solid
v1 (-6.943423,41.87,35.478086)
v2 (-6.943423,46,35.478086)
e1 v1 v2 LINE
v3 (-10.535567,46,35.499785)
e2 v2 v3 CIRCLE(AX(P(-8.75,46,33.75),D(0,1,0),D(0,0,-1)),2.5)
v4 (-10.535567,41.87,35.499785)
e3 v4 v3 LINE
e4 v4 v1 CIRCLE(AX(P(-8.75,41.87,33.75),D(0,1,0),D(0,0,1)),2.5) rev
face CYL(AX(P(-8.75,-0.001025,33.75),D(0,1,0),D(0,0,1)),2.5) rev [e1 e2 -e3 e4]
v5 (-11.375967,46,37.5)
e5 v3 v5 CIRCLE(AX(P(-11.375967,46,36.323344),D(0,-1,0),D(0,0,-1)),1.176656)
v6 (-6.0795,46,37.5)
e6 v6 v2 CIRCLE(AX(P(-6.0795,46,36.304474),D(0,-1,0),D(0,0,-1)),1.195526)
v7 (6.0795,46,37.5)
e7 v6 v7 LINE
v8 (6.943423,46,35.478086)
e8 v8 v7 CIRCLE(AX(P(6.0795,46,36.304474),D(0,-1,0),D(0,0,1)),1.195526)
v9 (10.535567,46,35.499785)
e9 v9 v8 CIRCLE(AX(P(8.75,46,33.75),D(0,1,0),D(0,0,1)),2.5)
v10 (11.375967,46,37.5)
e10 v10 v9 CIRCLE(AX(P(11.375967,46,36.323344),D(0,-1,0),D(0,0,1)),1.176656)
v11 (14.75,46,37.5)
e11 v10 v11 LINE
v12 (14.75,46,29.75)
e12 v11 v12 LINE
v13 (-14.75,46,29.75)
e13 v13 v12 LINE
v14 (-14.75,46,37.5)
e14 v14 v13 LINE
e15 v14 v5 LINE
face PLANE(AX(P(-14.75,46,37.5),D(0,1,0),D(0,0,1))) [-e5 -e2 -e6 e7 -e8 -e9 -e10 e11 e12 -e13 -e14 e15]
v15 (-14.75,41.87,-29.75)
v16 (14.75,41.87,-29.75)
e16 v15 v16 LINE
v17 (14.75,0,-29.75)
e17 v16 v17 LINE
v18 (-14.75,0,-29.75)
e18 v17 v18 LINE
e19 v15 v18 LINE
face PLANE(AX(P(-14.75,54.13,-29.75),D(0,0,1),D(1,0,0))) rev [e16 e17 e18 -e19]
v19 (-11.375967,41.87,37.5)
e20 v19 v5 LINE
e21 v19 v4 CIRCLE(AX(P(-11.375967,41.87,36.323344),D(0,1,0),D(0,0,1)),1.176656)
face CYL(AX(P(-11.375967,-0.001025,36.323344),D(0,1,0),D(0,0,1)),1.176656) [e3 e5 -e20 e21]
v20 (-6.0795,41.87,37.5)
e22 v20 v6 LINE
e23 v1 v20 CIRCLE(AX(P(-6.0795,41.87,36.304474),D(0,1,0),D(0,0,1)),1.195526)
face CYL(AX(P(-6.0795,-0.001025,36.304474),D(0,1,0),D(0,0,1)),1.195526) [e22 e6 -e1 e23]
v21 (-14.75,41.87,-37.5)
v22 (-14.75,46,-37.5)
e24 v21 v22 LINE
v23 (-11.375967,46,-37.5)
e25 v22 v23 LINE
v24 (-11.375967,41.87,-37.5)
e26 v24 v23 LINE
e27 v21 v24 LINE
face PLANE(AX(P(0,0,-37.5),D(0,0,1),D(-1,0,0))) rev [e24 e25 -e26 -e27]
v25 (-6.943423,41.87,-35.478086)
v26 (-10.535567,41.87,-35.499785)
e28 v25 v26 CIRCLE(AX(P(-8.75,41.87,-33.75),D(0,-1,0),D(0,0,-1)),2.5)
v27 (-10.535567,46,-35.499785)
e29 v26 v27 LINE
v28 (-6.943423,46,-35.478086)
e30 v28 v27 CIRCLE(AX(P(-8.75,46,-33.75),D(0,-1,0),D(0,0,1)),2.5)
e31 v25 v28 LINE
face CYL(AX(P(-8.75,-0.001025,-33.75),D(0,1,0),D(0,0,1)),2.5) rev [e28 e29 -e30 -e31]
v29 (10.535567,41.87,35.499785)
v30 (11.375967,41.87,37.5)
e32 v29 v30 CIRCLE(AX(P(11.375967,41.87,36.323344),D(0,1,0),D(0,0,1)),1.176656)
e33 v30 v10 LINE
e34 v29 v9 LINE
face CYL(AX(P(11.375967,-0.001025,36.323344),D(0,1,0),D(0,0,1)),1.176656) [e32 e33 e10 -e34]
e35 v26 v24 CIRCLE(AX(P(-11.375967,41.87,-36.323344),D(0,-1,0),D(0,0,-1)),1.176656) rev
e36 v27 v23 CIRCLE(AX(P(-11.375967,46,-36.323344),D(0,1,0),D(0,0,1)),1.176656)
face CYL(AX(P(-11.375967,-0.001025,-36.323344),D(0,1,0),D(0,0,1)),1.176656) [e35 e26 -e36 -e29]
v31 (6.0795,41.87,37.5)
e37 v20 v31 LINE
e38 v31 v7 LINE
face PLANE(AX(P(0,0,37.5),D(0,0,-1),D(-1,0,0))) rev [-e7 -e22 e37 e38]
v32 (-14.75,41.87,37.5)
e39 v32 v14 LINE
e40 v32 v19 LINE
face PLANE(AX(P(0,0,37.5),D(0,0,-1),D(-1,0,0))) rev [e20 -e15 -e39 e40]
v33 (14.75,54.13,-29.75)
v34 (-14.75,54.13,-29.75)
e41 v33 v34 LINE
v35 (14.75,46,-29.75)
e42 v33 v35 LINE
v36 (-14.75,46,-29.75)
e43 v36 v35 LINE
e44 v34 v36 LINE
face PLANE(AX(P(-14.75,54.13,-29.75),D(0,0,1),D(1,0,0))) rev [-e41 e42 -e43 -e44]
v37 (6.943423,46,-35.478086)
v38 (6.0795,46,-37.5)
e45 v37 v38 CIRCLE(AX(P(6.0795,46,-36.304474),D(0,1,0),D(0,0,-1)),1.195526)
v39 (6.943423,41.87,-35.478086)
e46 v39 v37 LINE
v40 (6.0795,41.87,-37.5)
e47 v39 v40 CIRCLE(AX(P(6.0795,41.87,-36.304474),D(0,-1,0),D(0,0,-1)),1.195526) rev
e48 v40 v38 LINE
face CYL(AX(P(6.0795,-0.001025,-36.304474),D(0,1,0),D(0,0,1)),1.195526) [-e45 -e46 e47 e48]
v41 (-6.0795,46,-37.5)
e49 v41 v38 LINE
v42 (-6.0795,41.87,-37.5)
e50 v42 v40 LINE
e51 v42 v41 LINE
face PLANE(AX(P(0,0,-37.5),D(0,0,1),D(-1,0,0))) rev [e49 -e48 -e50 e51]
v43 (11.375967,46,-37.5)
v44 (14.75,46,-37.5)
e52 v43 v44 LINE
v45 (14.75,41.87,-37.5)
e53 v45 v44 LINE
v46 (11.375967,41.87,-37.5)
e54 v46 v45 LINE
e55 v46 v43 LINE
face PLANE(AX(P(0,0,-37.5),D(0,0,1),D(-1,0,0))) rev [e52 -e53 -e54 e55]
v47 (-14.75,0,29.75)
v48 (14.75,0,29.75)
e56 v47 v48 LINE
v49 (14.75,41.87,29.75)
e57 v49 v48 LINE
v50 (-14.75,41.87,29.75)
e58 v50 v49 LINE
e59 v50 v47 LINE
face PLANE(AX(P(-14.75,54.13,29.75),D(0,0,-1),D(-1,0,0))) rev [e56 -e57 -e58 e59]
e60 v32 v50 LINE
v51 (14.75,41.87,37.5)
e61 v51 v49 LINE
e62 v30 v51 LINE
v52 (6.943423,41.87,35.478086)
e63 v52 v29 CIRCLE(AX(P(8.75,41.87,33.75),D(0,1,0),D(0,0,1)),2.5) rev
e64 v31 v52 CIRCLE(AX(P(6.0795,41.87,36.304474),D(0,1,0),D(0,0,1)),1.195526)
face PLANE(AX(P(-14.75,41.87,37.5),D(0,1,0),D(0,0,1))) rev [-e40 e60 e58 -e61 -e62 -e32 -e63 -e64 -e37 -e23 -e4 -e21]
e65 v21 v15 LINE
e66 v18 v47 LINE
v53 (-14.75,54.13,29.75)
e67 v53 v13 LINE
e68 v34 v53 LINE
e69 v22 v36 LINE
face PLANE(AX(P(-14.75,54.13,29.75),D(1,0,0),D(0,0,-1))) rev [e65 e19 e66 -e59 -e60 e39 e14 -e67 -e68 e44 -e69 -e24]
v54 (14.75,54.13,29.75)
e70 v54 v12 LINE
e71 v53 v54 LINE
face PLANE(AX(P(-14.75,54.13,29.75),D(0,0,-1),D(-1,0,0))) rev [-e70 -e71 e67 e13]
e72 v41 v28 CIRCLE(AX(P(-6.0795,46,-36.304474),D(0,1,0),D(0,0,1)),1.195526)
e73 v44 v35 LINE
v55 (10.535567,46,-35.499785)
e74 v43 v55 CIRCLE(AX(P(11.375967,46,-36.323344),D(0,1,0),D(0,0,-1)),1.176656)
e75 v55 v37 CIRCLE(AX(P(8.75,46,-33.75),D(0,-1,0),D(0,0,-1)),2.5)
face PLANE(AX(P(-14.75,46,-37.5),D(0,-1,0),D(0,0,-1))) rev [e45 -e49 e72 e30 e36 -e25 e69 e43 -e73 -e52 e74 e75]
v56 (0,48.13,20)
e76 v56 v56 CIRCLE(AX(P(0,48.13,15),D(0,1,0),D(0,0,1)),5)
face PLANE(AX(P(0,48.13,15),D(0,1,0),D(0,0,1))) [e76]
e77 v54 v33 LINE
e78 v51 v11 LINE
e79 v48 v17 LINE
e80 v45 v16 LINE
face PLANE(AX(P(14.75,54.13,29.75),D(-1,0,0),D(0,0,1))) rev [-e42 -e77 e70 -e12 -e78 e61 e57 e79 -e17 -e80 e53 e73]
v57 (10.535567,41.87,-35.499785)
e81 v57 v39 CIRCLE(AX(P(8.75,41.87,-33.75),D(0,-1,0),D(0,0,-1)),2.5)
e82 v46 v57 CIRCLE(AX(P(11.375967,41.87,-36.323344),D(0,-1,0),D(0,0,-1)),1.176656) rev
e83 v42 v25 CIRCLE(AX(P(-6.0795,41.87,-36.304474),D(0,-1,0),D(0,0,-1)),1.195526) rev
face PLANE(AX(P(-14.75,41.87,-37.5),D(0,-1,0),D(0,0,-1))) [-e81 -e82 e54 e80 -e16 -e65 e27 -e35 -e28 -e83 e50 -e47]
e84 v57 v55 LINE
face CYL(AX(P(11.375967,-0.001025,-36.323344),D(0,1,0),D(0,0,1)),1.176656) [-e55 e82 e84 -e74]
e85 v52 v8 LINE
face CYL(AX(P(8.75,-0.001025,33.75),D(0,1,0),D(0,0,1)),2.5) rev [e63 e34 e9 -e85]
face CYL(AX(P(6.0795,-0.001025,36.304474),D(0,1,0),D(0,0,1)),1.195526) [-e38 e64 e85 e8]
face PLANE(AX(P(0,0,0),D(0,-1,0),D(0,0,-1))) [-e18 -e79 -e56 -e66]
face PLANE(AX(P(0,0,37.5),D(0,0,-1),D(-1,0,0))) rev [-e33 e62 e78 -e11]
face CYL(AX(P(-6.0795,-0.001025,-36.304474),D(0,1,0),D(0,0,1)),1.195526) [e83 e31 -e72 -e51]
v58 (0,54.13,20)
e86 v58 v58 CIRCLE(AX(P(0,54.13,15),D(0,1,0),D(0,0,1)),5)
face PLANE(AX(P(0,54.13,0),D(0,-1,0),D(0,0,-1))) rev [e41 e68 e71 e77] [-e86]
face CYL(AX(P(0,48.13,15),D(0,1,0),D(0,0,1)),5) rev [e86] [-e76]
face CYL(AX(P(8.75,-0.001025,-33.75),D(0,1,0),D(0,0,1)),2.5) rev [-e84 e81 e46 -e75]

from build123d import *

# Parameters (mm, degrees)
SKETCH1_W           = 29.5
SKETCH1_H           = 59.5
BOSS_EXTRUDE1_DEPTH = 54.13
SKETCH2_W           = 29.5
SKETCH2_H           = 4.13
BOSS_EXTRUDE2_DEPTH = 7.75
CUT_EXTRUDE1_REACH  = 63.154
SKETCH4_R           = 5
CUT_EXTRUDE2_DEPTH  = 6


with BuildPart() as part:
    # Sketch1 → Boss-Extrude1 (new body)
    with BuildSketch(Plane(origin=(0, 0, 0), x_dir=(1, 0, 0), z_dir=(0, 1, 0))):
        Rectangle(SKETCH1_W, SKETCH1_H)
    extrude(amount=BOSS_EXTRUDE1_DEPTH)

    # Sketch2 → Boss-Extrude2 (add)
    with BuildSketch(Plane.XY.offset(29.75)):
        with Locations((0, 43.935)):
            Rectangle(SKETCH2_W, SKETCH2_H)
    boss_extrude2 = extrude(amount=BOSS_EXTRUDE2_DEPTH)

    # Sketch3 → Cut-Extrude1 (cut, up to next)
    with BuildSketch(Plane(origin=(0, 46, 0), x_dir=(1, 0, 0), z_dir=(0, 1, 0)), mode=Mode.PRIVATE) as cut_extrude1_sk1:
        with BuildLine():
            Line((6.079499649, -37.5), (11.375967158, -37.5))
            ThreePointArc((11.375967158, -37.5), (10.291171064, -36.779125945), (10.535567481, -35.49978535))
            ThreePointArc((10.535567481, -35.49978535), (8.765101817, -31.250045613), (6.943423266, -35.478085792))
            ThreePointArc((6.943423266, -35.478085792), (7.178874595, -36.774215218), (6.079499649, -37.5))
        make_face()
    cut_extrude1_tool1 = extrude(cut_extrude1_sk1.sketch, amount=-CUT_EXTRUDE1_REACH, mode=Mode.PRIVATE) & part.part
    # Sketch3 → Cut-Extrude1 (cut, up to next)
    with BuildSketch(Plane(origin=(0, 46, 0), x_dir=(1, 0, 0), z_dir=(0, 1, 0)), mode=Mode.PRIVATE) as cut_extrude1_sk2:
        with BuildLine():
            Line((-6.079499649, -37.5), (-11.375967158, -37.5))
            ThreePointArc((-11.375967158, -37.5), (-10.291171064, -36.779125945), (-10.535567481, -35.49978535))
            ThreePointArc((-10.535567481, -35.49978535), (-8.765101817, -31.250045613), (-6.943423266, -35.478085792))
            ThreePointArc((-6.943423266, -35.478085792), (-7.178874595, -36.774215218), (-6.079499649, -37.5))
        make_face()
    cut_extrude1_tool2 = extrude(cut_extrude1_sk2.sketch, amount=-CUT_EXTRUDE1_REACH, mode=Mode.PRIVATE) & part.part
    cut_extrude1_1 = cut_extrude1_tool1.solids().sort_by_distance((8.746301, 46, 34.352944))[0]
    add(cut_extrude1_1, mode=Mode.SUBTRACT)
    cut_extrude1_2 = cut_extrude1_tool2.solids().sort_by_distance((-8.746301, 46, 34.352944))[0]
    add(cut_extrude1_2, mode=Mode.SUBTRACT)
    cut_extrude1 = cut_extrude1_1 + cut_extrude1_2  # Cut-Extrude1 as one shape, for the pattern or mirror that repeats it

    # Mirror2: Boss-Extrude2, Cut-Extrude1 across plane
    add(boss_extrude2.mirror(Plane.XY))
    add(cut_extrude1.mirror(Plane.XY), mode=Mode.SUBTRACT)

    # Sketch4 → Cut-Extrude2 (cut)
    with BuildSketch(Plane(origin=(0, 54.13, 0), x_dir=(1, 0, 0), z_dir=(0, 1, 0))):
        with Locations(Location((0, -15, 0), (0, 0, 270))):
            Circle(SKETCH4_R)
    extrude(amount=-CUT_EXTRUDE2_DEPTH, mode=Mode.SUBTRACT)


solid = part.part
